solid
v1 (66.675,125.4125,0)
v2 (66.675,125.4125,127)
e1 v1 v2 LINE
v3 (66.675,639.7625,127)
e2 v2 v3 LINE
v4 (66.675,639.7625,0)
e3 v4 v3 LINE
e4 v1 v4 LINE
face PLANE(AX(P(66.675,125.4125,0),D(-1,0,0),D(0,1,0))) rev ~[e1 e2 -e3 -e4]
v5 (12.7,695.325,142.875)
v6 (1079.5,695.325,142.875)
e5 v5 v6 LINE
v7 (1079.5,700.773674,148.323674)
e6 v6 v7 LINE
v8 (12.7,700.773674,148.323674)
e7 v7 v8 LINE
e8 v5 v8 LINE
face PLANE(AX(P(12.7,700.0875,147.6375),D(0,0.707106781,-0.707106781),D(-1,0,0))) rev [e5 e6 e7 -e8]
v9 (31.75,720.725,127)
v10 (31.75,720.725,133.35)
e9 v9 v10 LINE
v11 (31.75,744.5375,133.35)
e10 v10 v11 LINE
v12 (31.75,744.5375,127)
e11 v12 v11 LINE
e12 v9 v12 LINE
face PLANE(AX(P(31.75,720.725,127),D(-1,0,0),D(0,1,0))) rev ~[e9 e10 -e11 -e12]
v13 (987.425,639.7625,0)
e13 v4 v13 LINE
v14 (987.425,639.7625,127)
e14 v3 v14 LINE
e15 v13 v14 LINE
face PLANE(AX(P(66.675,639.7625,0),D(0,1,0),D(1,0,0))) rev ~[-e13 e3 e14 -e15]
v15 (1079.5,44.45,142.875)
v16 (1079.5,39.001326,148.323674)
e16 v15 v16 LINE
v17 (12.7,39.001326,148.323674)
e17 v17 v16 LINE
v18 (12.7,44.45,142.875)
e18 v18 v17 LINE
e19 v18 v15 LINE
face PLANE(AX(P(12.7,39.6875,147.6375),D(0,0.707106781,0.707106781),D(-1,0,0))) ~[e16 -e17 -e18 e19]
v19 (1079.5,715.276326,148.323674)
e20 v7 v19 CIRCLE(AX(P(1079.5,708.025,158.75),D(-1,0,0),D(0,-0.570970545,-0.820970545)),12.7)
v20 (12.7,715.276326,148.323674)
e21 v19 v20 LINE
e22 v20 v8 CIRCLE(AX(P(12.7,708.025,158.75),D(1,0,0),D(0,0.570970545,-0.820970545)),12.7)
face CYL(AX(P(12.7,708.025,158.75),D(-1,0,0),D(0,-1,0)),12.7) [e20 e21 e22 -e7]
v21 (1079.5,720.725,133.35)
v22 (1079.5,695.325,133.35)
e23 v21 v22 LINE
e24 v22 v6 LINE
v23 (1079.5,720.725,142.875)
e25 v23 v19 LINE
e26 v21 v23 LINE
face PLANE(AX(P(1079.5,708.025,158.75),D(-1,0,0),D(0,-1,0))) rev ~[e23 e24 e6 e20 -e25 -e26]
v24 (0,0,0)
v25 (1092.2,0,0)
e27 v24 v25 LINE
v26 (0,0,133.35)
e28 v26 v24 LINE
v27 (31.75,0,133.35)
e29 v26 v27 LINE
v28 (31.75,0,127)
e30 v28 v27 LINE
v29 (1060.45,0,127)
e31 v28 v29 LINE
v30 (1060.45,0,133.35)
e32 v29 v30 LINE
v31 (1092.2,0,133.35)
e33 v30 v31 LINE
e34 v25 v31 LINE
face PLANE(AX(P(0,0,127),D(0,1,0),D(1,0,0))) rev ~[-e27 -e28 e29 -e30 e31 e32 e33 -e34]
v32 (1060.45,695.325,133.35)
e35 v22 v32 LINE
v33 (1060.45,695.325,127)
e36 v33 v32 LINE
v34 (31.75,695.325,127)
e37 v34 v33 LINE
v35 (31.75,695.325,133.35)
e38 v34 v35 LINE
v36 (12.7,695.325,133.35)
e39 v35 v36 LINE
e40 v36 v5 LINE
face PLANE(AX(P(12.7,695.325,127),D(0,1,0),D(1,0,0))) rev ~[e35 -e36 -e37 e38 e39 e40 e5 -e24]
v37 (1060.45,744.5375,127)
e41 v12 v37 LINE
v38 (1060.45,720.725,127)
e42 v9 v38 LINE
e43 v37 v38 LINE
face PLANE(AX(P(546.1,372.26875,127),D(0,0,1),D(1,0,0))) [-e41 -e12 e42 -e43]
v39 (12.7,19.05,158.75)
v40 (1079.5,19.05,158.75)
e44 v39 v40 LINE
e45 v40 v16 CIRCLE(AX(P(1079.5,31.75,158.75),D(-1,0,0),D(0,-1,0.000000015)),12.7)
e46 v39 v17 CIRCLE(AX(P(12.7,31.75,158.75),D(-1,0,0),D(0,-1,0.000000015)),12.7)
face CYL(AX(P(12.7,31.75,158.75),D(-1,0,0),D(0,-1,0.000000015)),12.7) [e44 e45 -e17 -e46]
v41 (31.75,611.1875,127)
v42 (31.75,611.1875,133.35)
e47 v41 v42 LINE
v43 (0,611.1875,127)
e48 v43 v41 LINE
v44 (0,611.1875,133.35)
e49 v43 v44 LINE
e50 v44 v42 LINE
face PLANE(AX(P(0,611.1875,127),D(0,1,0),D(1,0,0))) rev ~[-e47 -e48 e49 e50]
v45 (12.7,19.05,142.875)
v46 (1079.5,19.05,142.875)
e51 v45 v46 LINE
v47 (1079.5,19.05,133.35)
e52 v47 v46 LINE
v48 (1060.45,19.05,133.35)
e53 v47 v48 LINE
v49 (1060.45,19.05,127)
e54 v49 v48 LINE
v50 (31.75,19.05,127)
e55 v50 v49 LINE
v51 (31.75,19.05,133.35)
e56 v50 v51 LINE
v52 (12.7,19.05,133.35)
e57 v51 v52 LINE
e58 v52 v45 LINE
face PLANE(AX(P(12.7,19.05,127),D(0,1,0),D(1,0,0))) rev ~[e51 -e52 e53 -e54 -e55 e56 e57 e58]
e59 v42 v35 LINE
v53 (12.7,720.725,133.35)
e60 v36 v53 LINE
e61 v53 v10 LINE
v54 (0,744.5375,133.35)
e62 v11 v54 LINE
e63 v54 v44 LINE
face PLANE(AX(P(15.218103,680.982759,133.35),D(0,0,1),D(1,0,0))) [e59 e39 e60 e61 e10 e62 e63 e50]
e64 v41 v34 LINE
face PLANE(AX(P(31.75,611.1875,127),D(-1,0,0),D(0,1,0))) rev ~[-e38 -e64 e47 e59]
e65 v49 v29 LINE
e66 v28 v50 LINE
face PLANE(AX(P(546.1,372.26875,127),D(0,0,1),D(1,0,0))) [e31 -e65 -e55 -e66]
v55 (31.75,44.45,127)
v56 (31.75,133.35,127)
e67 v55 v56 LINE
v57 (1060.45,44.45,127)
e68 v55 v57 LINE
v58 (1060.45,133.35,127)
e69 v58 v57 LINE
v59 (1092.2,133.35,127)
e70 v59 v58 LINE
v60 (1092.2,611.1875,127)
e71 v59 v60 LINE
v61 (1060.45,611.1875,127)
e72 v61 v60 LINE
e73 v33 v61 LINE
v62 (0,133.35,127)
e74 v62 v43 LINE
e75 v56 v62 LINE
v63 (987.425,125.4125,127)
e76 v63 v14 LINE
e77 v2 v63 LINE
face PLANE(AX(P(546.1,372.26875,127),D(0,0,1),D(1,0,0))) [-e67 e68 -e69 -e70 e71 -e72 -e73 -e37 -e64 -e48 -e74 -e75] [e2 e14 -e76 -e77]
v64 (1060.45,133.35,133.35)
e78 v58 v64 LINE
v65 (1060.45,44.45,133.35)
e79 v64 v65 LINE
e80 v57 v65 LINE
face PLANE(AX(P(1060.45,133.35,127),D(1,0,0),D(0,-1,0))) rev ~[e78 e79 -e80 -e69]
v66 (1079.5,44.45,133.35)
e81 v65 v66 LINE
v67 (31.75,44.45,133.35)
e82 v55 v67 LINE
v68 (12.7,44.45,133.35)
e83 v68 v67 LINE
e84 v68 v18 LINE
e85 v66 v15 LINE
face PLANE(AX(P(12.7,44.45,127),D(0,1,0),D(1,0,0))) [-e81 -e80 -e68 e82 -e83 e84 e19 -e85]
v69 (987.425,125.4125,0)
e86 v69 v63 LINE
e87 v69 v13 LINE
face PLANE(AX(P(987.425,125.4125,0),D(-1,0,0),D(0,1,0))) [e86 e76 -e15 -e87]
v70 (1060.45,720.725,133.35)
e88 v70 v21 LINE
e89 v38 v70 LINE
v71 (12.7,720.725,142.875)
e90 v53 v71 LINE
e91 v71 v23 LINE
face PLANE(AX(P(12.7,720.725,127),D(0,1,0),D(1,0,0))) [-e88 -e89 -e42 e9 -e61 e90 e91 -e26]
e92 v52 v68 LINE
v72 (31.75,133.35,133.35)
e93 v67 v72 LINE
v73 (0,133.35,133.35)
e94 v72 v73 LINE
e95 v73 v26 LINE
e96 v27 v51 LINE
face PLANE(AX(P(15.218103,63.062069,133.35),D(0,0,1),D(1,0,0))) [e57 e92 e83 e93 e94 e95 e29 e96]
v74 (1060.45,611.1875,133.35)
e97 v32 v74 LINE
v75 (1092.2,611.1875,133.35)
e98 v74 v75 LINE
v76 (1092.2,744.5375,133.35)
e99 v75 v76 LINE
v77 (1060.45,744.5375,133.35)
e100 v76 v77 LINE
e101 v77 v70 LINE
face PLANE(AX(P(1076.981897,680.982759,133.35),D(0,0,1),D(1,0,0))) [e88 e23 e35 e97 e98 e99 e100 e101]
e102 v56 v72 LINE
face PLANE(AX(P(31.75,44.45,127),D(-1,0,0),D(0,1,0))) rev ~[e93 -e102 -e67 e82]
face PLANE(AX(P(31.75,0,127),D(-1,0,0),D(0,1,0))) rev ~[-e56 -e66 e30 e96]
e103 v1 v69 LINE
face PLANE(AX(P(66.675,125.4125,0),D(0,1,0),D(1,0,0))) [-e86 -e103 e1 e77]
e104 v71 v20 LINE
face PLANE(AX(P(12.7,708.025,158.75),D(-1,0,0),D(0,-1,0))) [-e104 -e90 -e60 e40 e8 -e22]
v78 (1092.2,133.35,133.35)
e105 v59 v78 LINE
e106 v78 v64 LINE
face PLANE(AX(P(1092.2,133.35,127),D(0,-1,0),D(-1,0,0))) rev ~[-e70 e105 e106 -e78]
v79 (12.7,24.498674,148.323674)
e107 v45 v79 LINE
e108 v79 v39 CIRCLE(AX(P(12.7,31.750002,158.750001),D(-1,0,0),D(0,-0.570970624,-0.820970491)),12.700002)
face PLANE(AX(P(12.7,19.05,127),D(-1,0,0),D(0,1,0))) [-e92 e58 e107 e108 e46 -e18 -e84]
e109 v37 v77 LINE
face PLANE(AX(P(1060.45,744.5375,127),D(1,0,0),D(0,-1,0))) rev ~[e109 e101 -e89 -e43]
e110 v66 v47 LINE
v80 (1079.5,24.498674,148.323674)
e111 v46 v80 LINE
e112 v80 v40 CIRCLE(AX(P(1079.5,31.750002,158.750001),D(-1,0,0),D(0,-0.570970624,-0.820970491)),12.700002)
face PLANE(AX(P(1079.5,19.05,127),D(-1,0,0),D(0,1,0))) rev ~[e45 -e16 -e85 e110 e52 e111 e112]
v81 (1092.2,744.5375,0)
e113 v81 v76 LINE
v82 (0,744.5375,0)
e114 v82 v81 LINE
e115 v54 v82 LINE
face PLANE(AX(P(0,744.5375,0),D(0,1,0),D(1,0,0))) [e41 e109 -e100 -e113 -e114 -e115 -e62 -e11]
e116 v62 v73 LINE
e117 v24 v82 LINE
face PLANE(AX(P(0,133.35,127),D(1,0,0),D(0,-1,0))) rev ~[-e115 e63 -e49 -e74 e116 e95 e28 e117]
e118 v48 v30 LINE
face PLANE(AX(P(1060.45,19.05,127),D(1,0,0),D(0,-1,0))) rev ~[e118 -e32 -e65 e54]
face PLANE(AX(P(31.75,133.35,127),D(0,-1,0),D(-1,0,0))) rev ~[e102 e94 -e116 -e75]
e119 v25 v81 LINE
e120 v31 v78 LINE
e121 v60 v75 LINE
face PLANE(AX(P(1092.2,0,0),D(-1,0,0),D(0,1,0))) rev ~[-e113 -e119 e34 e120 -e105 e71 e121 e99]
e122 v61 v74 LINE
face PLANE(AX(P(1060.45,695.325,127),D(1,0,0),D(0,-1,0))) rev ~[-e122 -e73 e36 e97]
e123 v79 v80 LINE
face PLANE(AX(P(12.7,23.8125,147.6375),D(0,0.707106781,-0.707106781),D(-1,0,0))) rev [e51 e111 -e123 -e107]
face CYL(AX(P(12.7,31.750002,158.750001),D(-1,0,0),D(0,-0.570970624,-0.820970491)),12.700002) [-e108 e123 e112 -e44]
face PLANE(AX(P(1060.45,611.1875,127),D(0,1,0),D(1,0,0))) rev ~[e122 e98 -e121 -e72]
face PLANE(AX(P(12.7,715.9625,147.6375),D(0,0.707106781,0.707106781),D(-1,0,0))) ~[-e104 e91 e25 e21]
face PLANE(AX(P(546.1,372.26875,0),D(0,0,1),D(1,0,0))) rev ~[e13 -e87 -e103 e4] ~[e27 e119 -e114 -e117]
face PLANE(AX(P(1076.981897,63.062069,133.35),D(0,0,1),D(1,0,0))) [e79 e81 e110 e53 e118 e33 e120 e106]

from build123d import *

# Parameters (mm, degrees)
F0_W     = 1092.2
F0_H     = 744.5375
F0_W_2   = 920.75
F0_H_2   = 514.35
F1_DEPTH = 127
F2_W     = 1066.8
F2_H     = 25.4
F3_DEPTH = 25.4
F4_SIZE  = 9.525
F5_R     = 12.7
F6_DEPTH = 1066.8
F8_DEPTH = 6.35


with BuildPart() as f1:
    # F0 (on Top) → F1 (new body)
    with BuildSketch(Plane.XY):
        with Locations((546.1, 372.26875)):
            Rectangle(F0_W, F0_H)
        with Locations((527.05, 382.5875)):
            Rectangle(F0_W_2, F0_H_2, mode=Mode.SUBTRACT)
    extrude(amount=F1_DEPTH)

    # F2 (on face) → F3 (join)
    with BuildSketch(Plane.XY.offset(127)):
        with Locations((546.1, 31.75)):
            Rectangle(F2_W, F2_H)
        with Locations((546.1, 708.025)):
            Rectangle(F2_W, F2_H)
    extrude(amount=F3_DEPTH)

    # F4
    f4_edges = [f1.edges().sort_by_distance(p)[0] for p in [
        (546.1, 19.05, 152.4),
        (546.1, 44.45, 152.4),
        (546.1, 720.725, 152.4),
        (546.1, 695.325, 152.4),
    ]]
    chamfer(f4_edges, length=F4_SIZE)

    # F5 (on face) → F6 (join)
    with BuildSketch(Plane(origin=(12.7, 0, 0), x_dir=(0, -1, 0), z_dir=(-1, 0, 0))):
        with Locations((-708.025, 158.75)):
            Circle(F5_R)
        with BuildLine():
            Line((-34.925, 152.4), (-39.001326, 148.323674))
            ThreePointArc((-39.001326, 148.323674), (-31.75, 146.05), (-24.498674, 148.323674))
            Line((-24.498674, 148.323674), (-28.575, 152.4))
            Line((-28.575, 152.4), (-34.925, 152.4))
        make_face()
        with BuildLine():
            ThreePointArc((-24.498674, 148.323674), (-20.494294, 152.867902), (-19.05, 158.75))
            ThreePointArc((-19.05, 158.75), (-37.632098, 170.005706), (-39.001326, 148.323674))
            Line((-39.001326, 148.323674), (-34.925, 152.4))
            Line((-34.925, 152.4), (-28.575, 152.4))
            Line((-28.575, 152.4), (-24.498674, 148.323674))
        make_face()
    extrude(amount=-F6_DEPTH)

    # F7 (on face) → F8 (join)
    with BuildSketch(Plane.XY.offset(127)):
        Polygon((0, 0), (31.75, 0), (31.75, 19.05), (12.7, 19.05), (12.7, 44.45), (31.75, 44.45), (31.75, 133.35), (0, 133.35), align=None)
        Polygon((0, 744.5375), (0, 611.1875), (31.75, 611.1875), (31.75, 695.325), (12.7, 695.325), (12.7, 720.725), (31.75, 720.725), (31.75, 744.5375), align=None)
        Polygon((1060.45, 611.1875), (1092.2, 611.1875), (1092.2, 744.5375), (1060.45, 744.5375), (1060.45, 720.725), (1079.5, 720.725), (1079.5, 695.325), (1060.45, 695.325), align=None)
        Polygon((1060.45, 0), (1092.2, 0), (1092.2, 133.35), (1060.45, 133.35), (1060.45, 44.45), (1079.5, 44.45), (1079.5, 19.05), (1060.45, 19.05), align=None)
    extrude(amount=F8_DEPTH)


solid = f1.part
